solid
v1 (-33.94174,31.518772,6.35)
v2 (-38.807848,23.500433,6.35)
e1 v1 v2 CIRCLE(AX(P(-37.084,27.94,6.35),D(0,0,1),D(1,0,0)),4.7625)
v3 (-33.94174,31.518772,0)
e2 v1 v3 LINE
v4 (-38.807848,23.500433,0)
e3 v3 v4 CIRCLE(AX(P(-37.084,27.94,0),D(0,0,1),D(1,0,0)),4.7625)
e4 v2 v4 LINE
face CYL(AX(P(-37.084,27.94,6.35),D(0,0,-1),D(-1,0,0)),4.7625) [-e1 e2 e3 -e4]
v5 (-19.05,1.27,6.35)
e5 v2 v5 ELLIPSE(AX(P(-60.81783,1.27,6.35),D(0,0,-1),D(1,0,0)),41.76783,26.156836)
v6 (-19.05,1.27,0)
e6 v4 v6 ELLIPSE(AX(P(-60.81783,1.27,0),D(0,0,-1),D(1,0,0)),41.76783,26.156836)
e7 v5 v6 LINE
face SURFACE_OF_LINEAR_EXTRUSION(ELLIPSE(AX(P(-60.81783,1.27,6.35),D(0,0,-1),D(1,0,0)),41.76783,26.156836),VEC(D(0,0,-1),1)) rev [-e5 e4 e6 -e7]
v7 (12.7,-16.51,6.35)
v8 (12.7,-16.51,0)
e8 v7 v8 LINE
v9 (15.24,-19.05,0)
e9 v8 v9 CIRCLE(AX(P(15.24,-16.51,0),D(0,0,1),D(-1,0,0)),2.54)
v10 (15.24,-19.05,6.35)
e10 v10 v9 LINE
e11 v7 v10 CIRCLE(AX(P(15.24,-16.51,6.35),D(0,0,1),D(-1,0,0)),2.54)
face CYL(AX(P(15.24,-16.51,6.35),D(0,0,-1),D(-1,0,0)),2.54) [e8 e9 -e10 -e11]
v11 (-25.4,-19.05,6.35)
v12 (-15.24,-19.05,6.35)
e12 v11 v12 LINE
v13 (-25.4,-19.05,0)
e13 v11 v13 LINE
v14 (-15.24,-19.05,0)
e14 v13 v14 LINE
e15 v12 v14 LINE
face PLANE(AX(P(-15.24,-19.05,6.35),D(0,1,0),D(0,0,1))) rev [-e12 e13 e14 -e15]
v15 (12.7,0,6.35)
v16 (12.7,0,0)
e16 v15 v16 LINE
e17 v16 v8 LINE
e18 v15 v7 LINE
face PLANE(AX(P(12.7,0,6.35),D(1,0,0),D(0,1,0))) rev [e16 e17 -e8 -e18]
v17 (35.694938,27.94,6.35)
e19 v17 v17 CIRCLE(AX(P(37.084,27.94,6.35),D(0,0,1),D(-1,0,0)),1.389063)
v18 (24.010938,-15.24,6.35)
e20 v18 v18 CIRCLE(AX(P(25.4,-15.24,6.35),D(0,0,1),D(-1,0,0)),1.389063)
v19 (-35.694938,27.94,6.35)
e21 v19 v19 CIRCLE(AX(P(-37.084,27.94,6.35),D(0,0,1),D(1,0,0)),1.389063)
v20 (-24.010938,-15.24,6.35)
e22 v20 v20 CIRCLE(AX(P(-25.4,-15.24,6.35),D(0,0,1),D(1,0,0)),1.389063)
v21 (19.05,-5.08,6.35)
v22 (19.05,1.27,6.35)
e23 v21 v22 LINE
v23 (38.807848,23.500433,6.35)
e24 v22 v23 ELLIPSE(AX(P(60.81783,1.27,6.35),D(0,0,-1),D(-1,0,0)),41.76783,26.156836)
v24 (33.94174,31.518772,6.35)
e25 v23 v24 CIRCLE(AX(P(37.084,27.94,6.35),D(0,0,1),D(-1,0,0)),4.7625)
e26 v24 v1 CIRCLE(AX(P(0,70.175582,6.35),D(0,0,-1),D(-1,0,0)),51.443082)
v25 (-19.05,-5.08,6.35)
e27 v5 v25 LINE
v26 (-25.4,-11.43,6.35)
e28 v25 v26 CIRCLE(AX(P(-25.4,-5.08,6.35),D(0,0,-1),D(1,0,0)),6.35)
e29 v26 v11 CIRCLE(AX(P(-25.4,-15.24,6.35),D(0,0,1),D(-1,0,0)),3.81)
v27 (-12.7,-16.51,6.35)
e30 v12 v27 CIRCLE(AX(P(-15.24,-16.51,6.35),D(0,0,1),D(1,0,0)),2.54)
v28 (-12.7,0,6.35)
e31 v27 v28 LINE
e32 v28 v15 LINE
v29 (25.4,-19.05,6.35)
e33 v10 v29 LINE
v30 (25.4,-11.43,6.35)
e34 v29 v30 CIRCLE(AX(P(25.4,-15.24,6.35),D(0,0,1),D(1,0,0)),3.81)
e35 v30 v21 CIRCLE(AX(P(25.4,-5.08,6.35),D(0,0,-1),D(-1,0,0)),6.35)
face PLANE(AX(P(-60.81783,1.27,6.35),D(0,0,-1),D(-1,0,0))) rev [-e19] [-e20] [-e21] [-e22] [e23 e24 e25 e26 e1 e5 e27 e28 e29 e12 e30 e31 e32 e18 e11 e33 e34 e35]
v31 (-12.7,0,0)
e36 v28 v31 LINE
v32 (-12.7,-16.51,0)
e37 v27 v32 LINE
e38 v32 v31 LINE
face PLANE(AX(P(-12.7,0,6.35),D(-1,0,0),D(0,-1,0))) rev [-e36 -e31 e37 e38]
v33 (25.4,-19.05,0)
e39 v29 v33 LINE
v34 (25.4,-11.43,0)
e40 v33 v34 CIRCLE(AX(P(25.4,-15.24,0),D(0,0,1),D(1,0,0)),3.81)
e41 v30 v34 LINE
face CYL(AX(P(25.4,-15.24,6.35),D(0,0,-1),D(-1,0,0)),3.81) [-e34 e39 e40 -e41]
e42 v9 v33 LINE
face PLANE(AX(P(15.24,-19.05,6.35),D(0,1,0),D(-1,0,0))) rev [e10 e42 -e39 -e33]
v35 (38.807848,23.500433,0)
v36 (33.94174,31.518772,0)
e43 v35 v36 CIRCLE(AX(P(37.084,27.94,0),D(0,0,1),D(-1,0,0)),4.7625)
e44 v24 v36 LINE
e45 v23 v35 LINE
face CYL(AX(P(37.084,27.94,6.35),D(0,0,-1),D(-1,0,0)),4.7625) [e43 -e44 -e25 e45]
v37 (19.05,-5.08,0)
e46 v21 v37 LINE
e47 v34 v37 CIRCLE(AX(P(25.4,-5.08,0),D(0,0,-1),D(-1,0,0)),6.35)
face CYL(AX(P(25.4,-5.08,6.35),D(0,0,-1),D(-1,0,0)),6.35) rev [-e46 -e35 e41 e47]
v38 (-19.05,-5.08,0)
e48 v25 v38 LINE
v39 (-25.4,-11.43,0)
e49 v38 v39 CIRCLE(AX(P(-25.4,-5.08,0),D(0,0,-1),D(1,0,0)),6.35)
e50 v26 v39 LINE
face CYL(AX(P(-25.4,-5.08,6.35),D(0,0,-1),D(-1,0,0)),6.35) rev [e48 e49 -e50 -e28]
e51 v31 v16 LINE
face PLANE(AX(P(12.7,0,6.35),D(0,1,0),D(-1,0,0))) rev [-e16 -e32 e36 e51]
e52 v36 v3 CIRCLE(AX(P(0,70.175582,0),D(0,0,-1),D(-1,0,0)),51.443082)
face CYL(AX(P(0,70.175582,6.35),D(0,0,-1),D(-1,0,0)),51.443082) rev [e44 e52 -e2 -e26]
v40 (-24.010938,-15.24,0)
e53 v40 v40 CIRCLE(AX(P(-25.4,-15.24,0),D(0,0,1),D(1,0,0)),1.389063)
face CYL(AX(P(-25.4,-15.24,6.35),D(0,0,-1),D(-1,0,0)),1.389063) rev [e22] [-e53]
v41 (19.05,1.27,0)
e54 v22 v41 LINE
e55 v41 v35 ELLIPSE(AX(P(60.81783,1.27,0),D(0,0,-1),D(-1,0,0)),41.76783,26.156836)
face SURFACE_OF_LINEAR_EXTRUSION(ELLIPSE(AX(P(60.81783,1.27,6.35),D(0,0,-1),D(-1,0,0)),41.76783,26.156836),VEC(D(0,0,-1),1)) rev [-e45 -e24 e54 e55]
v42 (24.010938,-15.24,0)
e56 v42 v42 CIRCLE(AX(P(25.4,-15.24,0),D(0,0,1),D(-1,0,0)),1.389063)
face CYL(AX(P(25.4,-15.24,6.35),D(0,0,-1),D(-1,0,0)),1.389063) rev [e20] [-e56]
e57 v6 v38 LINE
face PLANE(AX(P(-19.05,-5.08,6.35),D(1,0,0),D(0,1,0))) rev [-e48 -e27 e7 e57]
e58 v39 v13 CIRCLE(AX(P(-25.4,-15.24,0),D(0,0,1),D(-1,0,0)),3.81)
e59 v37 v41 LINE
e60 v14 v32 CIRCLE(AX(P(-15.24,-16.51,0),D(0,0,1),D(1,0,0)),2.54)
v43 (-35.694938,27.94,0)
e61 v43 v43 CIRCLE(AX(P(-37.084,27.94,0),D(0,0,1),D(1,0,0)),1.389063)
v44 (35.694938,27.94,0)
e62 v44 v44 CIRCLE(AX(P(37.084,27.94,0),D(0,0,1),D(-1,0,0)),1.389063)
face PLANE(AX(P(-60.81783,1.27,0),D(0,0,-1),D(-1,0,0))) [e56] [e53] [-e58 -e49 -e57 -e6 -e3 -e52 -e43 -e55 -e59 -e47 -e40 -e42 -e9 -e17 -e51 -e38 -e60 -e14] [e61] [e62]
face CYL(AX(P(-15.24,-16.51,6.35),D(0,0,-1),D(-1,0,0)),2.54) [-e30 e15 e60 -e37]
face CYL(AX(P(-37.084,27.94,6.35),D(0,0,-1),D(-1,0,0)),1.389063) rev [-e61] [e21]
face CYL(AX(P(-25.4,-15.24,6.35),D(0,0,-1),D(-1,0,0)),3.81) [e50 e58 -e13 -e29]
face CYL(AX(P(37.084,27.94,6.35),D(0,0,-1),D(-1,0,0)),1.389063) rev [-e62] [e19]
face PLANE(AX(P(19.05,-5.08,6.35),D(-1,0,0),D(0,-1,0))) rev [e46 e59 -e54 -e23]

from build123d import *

# Parameters (mm, degrees)
SKETCH1_R           = 1.3890625
BOSS_EXTRUDE1_DEPTH = 6.35


with BuildPart() as part:
    # Sketch1 → Boss-Extrude1 (new body)
    with BuildSketch(Plane.XY):
        with BuildLine():
            Line((12.7, 0), (-12.7, 0))
            Line((-12.7, 0), (-12.7, -16.51))
            ThreePointArc((-12.7, -16.51), (-13.443948776, -18.306051224), (-15.24, -19.05))
            Line((-15.24, -19.05), (-25.4, -19.05))
            ThreePointArc((-25.4, -19.05), (-29.21, -15.24), (-25.4, -11.43))
            ThreePointArc((-25.4, -11.43), (-20.909871939, -9.570128061), (-19.05, -5.08))
            Line((-19.05, -5.08), (-19.05, 1.27))
            add(Edge.make_bspline(
                [(-19.05, 1.27), (-19.05, 15.828620542), (-38.807847876, 23.500433408)],
                knots=[0, 0, 0, 1.015776501, 1.015776501, 1.015776501], degree=2, weights=[1, 0.873773469, 1]))
            ThreePointArc((-38.807847876, 23.500433408), (-41.155413928, 30.410828457), (-33.941740139, 31.518771801))
            ThreePointArc((-33.941740139, 31.518771801), (0, 18.732499831), (33.941740139, 31.518771801))
            ThreePointArc((33.941740139, 31.518771801), (41.155413928, 30.410828457), (38.807847876, 23.500433408))
            add(Edge.make_bspline(
                [(38.807847876, 23.500433408), (19.05, 15.828620542), (19.05, 1.27)],
                knots=[2.125816153, 2.125816153, 2.125816153, 3.141592654, 3.141592654, 3.141592654], degree=2, weights=[1, 0.873773469, 1]))
            Line((19.05, 1.27), (19.05, -5.08))
            ThreePointArc((19.05, -5.08), (20.909871939, -9.570128061), (25.4, -11.43))
            ThreePointArc((25.4, -11.43), (29.21, -15.24), (25.4, -19.05))
            Line((25.4, -19.05), (15.24, -19.05))
            ThreePointArc((15.24, -19.05), (13.443948776, -18.306051224), (12.7, -16.51))
            Line((12.7, -16.51), (12.7, 0))
        make_face()
        with Locations((-37.084, 27.94)):
            Circle(SKETCH1_R, mode=Mode.SUBTRACT)
        with Locations((-25.4, -15.24)):
            Circle(SKETCH1_R, mode=Mode.SUBTRACT)
        with Locations(Location((25.4, -15.24, 0), (0, 0, 180))):
            Circle(SKETCH1_R, mode=Mode.SUBTRACT)
        with Locations(Location((37.084, 27.94, 0), (0, 0, 180))):
            Circle(SKETCH1_R, mode=Mode.SUBTRACT)
    extrude(amount=BOSS_EXTRUDE1_DEPTH)


solid = part.part
